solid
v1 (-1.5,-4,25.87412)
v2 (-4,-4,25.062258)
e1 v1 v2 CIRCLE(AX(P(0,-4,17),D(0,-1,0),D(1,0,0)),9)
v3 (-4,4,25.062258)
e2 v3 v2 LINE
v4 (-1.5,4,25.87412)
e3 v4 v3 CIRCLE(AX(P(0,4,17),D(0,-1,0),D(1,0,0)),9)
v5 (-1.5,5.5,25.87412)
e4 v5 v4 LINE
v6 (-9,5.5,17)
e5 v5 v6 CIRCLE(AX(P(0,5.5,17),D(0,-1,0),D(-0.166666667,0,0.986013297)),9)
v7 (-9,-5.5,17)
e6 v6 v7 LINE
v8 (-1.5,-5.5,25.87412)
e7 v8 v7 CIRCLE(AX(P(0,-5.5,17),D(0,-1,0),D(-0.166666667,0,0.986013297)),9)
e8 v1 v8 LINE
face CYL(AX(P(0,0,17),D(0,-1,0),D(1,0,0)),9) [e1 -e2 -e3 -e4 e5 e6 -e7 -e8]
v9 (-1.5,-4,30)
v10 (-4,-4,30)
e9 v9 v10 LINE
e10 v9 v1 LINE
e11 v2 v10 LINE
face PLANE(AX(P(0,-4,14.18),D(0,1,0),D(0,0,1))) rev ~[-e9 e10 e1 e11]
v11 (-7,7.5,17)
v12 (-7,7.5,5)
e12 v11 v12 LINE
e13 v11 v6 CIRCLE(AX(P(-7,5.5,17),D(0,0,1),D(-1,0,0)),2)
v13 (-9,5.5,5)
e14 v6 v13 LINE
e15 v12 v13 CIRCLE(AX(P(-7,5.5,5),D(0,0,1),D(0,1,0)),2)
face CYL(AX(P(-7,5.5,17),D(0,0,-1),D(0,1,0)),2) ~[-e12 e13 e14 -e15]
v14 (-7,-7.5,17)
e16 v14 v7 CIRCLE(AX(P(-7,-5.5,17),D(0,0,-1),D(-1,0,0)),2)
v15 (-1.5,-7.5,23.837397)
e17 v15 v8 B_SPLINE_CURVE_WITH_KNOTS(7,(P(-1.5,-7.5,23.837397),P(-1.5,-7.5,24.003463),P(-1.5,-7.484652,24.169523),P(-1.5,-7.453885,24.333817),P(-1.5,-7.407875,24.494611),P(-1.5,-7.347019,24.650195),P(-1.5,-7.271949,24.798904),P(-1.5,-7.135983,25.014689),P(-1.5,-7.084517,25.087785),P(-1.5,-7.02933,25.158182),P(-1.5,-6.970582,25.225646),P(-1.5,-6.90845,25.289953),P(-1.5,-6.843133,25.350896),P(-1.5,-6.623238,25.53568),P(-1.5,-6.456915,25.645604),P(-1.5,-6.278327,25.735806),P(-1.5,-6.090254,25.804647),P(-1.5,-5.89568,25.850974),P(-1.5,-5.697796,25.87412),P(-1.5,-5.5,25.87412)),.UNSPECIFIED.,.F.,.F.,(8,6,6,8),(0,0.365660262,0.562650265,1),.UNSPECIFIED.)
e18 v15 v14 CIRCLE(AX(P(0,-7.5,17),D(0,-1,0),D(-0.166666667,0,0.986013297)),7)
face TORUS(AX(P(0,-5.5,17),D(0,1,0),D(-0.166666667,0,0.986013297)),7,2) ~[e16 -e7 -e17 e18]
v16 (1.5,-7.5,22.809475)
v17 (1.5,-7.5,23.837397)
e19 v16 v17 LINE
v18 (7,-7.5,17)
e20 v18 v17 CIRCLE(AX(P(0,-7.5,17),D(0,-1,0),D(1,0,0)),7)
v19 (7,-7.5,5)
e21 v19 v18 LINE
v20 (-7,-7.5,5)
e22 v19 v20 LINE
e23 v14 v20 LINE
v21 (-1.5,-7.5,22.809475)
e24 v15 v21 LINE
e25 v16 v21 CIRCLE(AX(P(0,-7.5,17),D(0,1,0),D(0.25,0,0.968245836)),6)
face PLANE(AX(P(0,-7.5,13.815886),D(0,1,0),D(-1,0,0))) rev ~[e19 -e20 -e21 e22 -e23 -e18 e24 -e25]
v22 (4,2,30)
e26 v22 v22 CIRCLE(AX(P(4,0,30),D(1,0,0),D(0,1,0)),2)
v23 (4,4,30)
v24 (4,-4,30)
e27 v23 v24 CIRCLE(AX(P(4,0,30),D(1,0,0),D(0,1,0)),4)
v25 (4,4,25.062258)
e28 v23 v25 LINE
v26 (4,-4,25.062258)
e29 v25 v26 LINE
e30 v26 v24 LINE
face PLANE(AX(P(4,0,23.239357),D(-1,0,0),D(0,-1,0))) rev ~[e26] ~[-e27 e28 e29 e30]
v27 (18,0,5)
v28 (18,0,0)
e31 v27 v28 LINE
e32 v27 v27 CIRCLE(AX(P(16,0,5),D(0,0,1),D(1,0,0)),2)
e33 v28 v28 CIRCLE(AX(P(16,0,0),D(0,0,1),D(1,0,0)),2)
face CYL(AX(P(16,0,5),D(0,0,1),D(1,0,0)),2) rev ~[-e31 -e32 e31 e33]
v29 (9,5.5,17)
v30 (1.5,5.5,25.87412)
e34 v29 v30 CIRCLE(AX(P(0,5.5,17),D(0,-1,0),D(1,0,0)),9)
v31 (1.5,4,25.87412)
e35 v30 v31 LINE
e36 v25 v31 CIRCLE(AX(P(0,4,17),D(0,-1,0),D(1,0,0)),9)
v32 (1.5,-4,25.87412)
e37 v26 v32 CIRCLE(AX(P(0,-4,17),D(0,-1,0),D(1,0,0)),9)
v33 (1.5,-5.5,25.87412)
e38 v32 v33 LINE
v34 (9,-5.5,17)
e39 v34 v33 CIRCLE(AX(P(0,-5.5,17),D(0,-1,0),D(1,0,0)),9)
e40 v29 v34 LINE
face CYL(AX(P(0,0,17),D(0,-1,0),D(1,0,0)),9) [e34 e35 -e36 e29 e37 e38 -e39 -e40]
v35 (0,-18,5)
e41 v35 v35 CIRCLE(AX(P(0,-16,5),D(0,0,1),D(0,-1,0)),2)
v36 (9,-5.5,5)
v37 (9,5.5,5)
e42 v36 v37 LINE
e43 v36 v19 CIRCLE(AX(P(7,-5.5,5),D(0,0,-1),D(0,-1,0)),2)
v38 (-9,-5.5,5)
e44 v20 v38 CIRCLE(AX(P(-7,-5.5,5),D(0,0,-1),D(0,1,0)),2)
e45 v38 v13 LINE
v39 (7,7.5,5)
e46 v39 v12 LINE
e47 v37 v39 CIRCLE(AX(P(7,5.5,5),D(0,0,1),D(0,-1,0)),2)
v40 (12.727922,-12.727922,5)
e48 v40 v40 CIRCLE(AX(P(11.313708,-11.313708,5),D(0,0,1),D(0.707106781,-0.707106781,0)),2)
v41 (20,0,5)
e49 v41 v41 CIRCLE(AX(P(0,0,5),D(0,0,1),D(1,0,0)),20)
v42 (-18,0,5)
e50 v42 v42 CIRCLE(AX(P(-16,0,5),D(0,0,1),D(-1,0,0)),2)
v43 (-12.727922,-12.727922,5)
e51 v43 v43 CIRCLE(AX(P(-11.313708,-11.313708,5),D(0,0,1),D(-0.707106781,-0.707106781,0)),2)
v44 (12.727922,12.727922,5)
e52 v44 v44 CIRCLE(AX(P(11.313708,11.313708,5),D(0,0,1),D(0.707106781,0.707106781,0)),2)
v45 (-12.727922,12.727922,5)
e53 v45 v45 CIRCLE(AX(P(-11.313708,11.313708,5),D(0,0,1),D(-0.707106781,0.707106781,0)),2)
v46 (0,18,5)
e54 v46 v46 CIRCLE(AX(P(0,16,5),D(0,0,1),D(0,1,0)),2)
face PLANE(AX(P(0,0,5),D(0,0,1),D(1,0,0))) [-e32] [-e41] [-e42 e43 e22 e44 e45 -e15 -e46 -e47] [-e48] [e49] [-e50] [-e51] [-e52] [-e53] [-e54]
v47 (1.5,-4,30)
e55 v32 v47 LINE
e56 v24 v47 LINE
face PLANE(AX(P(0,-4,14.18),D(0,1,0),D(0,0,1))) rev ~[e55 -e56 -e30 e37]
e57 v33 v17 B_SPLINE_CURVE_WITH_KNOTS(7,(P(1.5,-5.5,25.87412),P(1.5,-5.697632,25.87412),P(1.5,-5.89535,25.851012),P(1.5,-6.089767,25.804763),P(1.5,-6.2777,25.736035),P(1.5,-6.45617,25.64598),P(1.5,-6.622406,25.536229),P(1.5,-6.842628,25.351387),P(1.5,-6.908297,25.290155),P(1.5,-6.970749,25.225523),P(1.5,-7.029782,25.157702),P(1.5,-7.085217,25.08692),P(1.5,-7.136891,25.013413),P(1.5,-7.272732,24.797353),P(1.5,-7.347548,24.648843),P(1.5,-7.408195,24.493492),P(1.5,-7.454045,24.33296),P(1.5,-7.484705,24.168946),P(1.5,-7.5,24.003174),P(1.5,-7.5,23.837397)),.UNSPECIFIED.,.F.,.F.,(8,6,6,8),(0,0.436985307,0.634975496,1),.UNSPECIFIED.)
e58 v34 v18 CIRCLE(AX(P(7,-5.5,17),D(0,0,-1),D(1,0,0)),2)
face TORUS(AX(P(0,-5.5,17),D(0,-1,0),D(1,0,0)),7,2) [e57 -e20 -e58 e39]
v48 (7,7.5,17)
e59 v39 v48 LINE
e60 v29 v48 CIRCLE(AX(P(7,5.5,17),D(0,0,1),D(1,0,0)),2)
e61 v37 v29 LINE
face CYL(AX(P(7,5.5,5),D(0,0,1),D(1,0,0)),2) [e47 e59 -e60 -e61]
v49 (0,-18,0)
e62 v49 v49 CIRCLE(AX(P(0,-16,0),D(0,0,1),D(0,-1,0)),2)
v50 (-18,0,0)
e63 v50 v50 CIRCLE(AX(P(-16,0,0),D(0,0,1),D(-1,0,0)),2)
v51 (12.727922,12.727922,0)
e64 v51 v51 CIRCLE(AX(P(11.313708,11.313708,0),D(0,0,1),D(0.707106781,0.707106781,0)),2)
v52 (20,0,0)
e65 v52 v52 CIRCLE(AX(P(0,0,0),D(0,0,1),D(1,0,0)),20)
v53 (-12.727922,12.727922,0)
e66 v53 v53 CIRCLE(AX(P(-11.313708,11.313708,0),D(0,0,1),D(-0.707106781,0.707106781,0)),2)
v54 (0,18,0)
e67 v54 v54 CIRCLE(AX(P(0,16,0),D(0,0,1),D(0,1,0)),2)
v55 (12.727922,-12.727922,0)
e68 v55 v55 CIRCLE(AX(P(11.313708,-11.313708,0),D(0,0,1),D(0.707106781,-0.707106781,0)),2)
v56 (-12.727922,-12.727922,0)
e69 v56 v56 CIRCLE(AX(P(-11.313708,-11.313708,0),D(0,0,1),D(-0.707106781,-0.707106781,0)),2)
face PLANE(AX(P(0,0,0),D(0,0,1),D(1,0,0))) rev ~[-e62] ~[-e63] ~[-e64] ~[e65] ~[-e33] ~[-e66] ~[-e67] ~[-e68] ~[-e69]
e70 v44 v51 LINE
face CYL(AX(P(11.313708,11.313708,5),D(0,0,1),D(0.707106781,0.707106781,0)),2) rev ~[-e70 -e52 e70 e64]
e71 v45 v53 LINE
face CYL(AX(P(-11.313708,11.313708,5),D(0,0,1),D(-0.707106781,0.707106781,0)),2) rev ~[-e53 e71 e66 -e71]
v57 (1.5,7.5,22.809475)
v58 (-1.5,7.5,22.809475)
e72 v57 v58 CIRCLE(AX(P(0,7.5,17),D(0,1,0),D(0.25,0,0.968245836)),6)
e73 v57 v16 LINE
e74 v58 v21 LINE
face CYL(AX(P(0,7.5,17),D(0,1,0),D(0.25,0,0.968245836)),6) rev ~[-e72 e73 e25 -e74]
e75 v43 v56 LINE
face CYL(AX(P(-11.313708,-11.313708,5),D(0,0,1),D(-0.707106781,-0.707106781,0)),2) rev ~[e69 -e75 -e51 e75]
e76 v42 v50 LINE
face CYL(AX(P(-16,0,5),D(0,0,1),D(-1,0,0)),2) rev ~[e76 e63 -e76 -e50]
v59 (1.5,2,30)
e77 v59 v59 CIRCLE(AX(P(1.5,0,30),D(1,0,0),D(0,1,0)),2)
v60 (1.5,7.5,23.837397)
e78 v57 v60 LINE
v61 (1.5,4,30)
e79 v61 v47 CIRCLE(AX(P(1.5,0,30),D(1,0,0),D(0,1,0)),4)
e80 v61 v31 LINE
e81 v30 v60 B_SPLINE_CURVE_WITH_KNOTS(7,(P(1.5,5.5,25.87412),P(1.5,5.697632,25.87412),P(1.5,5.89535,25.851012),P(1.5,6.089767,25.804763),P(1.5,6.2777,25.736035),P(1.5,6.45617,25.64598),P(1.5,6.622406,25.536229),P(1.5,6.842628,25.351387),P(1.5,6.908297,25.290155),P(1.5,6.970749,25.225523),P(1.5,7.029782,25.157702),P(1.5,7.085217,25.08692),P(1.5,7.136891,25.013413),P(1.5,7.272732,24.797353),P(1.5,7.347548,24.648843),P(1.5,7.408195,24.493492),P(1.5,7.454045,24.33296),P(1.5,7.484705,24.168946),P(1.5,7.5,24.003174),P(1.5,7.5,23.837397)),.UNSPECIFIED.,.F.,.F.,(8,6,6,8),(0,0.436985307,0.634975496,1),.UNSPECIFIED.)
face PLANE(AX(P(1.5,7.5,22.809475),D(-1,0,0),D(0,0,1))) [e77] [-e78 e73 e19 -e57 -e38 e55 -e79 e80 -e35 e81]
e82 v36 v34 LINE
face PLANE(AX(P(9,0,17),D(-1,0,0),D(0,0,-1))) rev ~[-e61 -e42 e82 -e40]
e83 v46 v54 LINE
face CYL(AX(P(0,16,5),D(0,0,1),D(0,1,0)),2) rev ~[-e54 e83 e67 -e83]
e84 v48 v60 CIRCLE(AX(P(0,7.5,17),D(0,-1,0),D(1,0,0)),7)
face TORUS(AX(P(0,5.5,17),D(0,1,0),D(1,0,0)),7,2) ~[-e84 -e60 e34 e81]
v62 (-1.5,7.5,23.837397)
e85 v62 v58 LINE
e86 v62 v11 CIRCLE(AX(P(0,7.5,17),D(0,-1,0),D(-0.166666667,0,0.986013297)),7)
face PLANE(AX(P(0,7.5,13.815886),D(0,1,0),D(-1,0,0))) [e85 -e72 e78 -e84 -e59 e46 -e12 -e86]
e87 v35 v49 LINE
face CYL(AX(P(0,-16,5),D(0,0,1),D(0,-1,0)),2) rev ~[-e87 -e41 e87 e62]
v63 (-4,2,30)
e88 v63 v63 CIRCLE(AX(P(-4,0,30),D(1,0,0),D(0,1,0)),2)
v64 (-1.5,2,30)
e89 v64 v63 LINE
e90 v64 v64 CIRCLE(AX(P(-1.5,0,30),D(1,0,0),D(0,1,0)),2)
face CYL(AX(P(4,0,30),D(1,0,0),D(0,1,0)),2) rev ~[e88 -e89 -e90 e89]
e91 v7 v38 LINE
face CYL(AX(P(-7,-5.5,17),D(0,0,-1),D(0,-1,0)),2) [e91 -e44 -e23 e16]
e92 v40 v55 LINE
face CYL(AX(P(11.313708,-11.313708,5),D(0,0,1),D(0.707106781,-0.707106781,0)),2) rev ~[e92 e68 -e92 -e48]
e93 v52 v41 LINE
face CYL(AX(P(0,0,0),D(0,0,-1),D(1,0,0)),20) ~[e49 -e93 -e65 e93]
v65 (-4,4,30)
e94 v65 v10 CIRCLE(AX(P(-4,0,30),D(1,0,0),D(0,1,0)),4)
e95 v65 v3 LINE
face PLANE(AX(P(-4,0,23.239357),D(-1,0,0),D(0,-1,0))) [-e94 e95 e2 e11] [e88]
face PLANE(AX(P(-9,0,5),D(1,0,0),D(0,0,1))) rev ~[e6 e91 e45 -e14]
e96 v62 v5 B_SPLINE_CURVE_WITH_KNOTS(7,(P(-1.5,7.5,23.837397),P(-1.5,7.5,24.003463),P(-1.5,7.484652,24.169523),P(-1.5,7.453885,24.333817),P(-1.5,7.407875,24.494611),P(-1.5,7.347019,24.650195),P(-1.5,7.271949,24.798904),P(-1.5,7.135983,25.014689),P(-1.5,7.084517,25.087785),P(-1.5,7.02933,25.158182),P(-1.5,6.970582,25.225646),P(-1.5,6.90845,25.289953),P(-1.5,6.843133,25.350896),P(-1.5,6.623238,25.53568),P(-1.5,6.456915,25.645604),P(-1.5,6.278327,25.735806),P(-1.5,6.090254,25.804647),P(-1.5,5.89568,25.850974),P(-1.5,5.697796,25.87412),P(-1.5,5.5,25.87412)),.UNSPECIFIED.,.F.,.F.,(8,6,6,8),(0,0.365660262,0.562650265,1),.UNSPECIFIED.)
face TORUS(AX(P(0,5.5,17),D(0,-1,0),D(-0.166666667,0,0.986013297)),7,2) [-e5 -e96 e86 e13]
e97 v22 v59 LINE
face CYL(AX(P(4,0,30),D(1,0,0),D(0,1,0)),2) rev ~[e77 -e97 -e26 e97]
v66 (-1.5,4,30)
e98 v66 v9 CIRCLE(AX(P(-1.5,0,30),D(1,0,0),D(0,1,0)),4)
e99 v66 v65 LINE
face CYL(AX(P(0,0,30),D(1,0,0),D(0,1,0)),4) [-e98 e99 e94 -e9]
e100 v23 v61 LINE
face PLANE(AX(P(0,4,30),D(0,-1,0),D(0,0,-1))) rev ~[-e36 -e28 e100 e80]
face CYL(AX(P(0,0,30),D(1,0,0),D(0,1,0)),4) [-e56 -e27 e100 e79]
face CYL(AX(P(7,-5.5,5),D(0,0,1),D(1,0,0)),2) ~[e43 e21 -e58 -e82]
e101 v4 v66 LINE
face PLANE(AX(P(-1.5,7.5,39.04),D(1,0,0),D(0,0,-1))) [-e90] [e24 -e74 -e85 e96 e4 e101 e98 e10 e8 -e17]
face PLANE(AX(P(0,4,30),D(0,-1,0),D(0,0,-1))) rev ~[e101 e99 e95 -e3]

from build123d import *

# Parameters (mm, degrees)
SKETCH_R           = 20
PAD_DEPTH          = 5
PAD001_DEPTH       = 7.5
PAD002_DEPTH       = 4
SKETCH003_R        = 2
POCKET_DEPTH       = 24.001
POCKET001_DEPTH    = 27.501
SKETCH005_R        = 2
POCKET002_DEPTH    = 137.001
POLARPATTERN_COUNT = 8
FILLET_R           = 2


with BuildPart() as part:
    # Sketch → Pad (new body)
    with BuildSketch(Plane.XY):
        Circle(SKETCH_R)
    extrude(amount=PAD_DEPTH)

    # Sketch001 → Pad001 (join, symmetric)
    with BuildSketch(Plane.XZ):
        with BuildLine():
            Line((9, 17), (9, 5))
            Line((9, 5), (-9, 5))
            Line((-9, 5), (-9, 17))
            ThreePointArc((9, 17), (0, 26), (-9, 17))
        make_face()
    extrude(amount=PAD001_DEPTH, both=True)

    # Sketch002 → Pad002 (join, symmetric)
    with BuildSketch(Plane.YZ):
        with BuildLine():
            Line((-4, 14.18), (-4, 30))
            ThreePointArc((4, 30), (0, 34), (-4, 30))
            Line((4, 30), (4, 14.18))
            Line((4, 14.18), (-4, 14.18))
        make_face()
    extrude(amount=PAD002_DEPTH, both=True)

    # Sketch003 (on Face11 of Pad002) → Pocket (cut, through all)
    with BuildSketch(Plane.YZ.offset(4)):
        with Locations((0, 30)):
            Circle(SKETCH003_R)
    extrude(amount=-POCKET_DEPTH, mode=Mode.SUBTRACT)

    # Sketch004 (on Face4 of Pocket) → Pocket001 (cut, through all)
    with BuildSketch(Plane(origin=(0, 7.5, 0), x_dir=(-1, 0, 0), z_dir=(0, 1, 0))):
        with BuildLine():
            ThreePointArc((-1.5, 22.809475), (0, 11), (1.5, 22.809475))
            Line((1.5, 39.04), (1.5, 22.809475))
            Line((-1.5, 39.04), (1.5, 39.04))
            Line((-1.5, 22.809475), (-1.5, 39.04))
        make_face()
    extrude(amount=-POCKET001_DEPTH, mode=Mode.SUBTRACT)

    # Sketch005 (on Face3 of Pocket001) → Pocket002 (cut, through all)
    with BuildSketch(Plane.XY.offset(5)):
        with Locations((16, 0)):
            Circle(SKETCH005_R)
    pocket002 = extrude(amount=-POCKET002_DEPTH, mode=Mode.SUBTRACT)

    # PolarPattern: Pocket002 ×8 about axis
    polarpattern_axis = Axis((0, 0, 5), (0, 0, 1))
    for i in range(1, POLARPATTERN_COUNT):
        add(pocket002.rotate(polarpattern_axis, i * 360 / POLARPATTERN_COUNT), mode=Mode.SUBTRACT)

    # Fillet
    fillet_edges = [part.edges().sort_by_distance(p)[0] for p in [
        (-6.873864, 7.5, 22.809475),
        (6.873864, 7.5, 22.809475),
        (6.873864, -7.5, 22.809475),
        (-6.873864, -7.5, 22.809475),
    ]]
    fillet(fillet_edges, radius=FILLET_R)


solid = part.part
